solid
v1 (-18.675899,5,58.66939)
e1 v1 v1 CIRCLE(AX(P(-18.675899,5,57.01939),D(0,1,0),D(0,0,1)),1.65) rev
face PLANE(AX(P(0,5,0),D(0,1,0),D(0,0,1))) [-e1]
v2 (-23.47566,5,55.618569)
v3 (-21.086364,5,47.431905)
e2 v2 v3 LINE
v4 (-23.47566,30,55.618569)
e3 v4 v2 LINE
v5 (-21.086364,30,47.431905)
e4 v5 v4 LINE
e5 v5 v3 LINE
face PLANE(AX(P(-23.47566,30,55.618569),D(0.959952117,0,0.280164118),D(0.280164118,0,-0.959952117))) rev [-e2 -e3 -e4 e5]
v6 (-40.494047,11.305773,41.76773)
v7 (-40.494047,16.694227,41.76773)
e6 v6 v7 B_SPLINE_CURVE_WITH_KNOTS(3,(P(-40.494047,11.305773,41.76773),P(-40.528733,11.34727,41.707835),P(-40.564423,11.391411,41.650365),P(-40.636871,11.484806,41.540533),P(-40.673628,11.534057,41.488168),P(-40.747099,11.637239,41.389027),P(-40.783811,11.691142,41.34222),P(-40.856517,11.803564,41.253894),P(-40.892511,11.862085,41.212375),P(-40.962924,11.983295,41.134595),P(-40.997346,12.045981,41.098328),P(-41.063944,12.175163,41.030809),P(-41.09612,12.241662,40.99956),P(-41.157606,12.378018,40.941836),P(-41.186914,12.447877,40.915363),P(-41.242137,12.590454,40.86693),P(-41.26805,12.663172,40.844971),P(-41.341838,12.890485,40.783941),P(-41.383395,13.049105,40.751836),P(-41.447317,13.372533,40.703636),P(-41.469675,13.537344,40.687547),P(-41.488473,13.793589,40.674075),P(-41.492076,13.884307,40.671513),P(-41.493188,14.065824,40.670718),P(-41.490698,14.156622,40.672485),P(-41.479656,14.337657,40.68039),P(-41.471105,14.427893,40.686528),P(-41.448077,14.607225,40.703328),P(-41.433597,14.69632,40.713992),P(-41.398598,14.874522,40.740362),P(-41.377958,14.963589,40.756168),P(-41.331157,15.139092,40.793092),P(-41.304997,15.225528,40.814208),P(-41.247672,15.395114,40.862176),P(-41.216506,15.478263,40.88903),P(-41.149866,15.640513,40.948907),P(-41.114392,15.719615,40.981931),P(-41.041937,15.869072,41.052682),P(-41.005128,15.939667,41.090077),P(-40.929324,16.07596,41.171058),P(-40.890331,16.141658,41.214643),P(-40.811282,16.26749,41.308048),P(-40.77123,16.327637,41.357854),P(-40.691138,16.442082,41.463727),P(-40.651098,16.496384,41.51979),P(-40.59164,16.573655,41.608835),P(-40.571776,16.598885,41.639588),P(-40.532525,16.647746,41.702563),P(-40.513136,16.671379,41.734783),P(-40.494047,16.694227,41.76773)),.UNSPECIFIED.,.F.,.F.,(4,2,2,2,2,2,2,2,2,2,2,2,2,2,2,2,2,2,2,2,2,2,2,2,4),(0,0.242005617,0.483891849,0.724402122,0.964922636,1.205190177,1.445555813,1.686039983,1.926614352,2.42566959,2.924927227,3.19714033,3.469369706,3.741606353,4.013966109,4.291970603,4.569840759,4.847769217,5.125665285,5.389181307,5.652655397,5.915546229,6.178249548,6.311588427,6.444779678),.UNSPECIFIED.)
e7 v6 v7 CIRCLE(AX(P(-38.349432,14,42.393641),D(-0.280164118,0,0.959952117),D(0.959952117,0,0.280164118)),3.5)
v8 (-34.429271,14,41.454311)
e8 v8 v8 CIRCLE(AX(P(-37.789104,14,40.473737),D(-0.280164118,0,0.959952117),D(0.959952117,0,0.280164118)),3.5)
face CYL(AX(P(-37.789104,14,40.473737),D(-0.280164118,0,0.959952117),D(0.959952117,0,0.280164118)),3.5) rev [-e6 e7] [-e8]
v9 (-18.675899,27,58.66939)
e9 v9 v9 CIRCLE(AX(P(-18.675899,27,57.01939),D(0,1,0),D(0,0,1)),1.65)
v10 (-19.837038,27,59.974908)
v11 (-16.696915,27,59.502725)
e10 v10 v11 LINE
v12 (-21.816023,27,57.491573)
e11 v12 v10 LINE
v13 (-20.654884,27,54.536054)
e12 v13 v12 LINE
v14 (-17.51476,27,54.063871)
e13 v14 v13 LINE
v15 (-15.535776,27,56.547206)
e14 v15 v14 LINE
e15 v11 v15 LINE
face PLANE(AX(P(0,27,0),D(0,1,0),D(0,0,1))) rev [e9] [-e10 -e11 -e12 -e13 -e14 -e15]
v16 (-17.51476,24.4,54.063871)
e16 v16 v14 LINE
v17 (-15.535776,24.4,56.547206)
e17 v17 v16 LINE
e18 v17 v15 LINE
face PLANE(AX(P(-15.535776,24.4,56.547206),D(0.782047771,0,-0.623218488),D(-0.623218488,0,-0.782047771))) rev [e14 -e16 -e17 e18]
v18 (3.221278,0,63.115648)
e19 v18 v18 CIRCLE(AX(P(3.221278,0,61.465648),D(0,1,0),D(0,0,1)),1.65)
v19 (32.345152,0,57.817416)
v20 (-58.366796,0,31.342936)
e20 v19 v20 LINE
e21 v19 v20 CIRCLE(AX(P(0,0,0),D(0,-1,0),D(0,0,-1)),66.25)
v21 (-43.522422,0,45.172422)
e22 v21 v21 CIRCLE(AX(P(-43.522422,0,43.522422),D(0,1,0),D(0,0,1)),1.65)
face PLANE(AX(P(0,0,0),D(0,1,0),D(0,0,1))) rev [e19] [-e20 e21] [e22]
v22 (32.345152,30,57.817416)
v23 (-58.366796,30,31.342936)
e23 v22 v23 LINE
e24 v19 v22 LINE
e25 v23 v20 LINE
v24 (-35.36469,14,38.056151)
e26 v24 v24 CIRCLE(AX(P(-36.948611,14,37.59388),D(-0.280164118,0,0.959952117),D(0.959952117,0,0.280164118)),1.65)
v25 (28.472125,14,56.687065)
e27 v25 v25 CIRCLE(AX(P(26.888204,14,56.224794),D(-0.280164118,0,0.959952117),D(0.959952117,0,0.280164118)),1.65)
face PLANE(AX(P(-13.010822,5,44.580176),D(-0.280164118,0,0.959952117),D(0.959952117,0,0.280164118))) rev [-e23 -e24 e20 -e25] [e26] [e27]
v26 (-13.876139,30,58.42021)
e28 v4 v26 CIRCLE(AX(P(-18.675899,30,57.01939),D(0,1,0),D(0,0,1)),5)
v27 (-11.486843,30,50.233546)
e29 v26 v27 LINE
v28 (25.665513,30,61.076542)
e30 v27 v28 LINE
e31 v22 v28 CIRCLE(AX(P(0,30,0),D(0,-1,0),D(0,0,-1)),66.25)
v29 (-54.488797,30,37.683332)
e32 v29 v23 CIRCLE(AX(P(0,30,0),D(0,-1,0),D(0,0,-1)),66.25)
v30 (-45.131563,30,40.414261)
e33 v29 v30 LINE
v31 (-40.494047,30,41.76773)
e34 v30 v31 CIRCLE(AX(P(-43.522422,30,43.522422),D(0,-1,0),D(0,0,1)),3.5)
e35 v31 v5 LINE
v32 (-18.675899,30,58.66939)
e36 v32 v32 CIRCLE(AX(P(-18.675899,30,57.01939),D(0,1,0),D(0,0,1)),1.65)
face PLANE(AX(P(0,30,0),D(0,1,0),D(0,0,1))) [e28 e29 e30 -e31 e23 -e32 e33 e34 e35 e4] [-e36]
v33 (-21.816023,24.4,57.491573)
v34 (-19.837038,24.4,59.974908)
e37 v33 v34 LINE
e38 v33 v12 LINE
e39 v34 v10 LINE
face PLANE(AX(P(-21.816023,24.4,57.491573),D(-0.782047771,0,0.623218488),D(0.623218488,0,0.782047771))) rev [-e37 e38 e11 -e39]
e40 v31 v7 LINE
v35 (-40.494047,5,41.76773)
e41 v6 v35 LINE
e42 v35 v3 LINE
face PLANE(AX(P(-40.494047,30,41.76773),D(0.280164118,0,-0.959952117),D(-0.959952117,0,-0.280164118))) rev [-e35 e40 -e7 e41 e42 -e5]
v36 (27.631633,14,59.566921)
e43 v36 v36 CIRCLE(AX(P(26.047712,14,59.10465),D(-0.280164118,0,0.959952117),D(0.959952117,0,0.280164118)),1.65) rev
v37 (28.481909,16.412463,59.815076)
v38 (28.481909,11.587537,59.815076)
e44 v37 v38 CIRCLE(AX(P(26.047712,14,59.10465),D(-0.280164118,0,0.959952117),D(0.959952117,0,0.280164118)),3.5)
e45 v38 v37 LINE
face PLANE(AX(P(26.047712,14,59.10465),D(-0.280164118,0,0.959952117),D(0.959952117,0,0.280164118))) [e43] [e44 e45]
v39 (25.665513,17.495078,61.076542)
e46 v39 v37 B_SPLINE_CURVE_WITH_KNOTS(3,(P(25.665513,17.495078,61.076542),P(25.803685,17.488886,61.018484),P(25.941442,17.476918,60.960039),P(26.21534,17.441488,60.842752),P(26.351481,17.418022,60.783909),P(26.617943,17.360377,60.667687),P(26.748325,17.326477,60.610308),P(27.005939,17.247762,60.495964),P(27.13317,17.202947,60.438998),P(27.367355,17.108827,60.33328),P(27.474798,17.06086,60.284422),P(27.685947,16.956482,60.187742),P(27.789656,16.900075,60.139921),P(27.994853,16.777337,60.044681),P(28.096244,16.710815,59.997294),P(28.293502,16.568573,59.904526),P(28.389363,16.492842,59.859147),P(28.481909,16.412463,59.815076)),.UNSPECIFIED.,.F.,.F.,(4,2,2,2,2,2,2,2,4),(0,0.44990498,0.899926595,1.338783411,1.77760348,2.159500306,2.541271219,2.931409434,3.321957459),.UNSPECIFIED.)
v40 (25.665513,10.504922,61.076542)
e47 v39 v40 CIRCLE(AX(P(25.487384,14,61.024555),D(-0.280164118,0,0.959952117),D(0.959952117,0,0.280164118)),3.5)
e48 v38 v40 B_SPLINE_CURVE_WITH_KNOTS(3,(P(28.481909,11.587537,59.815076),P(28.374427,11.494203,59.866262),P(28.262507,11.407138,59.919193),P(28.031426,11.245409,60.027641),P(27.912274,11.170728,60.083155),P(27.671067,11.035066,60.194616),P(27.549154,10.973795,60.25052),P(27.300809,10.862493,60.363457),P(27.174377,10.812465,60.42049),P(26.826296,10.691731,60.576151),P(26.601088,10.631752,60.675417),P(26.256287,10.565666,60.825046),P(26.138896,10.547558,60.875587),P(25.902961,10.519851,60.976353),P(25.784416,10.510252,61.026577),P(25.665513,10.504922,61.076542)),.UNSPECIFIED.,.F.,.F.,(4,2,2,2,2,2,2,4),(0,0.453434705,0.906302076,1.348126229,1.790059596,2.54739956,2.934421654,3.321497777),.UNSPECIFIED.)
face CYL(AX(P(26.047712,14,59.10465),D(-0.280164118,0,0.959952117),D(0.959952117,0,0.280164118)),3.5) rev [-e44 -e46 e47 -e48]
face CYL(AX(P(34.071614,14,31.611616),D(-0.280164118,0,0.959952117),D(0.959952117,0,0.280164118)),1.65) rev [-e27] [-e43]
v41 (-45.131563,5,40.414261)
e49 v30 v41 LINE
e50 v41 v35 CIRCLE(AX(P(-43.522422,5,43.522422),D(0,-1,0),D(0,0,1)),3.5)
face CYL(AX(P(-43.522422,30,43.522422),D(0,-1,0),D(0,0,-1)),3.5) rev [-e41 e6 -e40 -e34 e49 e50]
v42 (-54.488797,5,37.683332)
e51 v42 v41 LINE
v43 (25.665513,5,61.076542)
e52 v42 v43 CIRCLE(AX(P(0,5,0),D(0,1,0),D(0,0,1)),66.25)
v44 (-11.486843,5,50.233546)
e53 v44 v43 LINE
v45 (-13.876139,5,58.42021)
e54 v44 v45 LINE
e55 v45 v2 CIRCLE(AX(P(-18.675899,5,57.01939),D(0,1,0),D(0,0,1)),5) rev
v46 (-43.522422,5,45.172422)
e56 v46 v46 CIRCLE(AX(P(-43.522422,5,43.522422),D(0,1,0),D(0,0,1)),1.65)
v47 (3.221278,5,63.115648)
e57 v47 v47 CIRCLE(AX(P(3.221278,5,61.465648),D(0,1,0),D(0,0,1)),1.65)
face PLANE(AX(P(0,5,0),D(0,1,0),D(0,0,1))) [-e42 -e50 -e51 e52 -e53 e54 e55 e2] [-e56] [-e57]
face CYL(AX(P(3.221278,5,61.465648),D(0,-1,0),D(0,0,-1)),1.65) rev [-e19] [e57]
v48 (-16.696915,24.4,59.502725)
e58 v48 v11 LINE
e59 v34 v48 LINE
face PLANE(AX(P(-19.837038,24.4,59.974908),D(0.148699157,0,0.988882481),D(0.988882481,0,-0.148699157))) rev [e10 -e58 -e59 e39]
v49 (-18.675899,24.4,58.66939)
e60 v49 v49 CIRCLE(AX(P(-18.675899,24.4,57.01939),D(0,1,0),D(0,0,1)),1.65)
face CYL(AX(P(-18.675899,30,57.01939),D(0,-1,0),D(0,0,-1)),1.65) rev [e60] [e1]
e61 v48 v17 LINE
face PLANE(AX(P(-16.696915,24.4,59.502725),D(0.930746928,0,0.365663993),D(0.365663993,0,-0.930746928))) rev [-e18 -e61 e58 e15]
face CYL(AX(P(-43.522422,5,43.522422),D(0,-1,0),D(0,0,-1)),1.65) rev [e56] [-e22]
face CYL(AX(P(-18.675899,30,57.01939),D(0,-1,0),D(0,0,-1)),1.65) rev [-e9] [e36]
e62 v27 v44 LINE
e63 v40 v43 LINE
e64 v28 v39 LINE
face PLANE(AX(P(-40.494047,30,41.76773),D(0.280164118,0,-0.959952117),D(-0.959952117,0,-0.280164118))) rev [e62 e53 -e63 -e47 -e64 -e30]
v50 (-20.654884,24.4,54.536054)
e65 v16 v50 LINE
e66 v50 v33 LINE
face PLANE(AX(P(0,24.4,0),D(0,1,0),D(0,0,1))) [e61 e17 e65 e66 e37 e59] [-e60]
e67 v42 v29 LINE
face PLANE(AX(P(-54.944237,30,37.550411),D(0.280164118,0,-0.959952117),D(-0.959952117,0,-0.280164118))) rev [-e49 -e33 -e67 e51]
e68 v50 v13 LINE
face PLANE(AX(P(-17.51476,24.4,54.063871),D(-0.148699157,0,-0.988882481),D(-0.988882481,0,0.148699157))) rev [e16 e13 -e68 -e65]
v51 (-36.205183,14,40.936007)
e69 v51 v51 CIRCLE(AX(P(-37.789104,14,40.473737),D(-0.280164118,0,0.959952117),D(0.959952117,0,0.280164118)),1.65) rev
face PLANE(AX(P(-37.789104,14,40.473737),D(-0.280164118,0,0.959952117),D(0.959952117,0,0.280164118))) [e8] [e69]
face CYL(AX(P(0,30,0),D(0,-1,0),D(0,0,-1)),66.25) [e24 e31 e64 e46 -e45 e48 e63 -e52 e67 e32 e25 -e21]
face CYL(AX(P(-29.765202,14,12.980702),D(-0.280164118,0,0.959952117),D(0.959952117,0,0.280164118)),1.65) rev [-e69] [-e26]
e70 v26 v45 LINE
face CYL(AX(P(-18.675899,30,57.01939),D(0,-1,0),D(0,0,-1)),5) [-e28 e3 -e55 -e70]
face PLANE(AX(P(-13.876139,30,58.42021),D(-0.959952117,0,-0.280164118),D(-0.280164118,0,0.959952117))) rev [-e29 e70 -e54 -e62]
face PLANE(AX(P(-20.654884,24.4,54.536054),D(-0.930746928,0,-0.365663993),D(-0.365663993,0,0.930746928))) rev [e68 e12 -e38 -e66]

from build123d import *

# Parameters (mm, degrees)
SKETCH1_R           = 1.65
BOSS_EXTRUDE1_DEPTH = 5
BOSS_EXTRUDE2_DEPTH = 25
SKETCH3_R           = 1.65
CUT_EXTRUDE1_DEPTH  = 31.640005718
SKETCH4_R           = 3.5
CUT_EXTRUDE2_DEPTH  = 2
SKETCH5_R           = 67.5
SKETCH5_R_2         = 66.25
CUT_EXTRUDE3_DEPTH  = 31.0000001
SKETCH6_R           = 1.65
BOSS_EXTRUDE3_DEPTH = 30
CUT_EXTRUDE4_START  = -3
CUT_EXTRUDE4_DEPTH  = 2.6


with BuildPart() as part:
    # Sketch1 → Boss-Extrude1 (new body)
    with BuildSketch(Plane(origin=(0, 0, 0), x_dir=(1, 0, 0), z_dir=(0, 1, 0))):
        with BuildLine():
            ThreePointArc((-58.769725256, -31.225340563), (-18.644922026, -63.884813396), (32.748082014, -57.935012077))
            Line((32.748082014, -57.935012077), (-58.769725256, -31.225340563))
        make_face()
        with Locations((-43.522422382, -43.522422382)):
            Circle(SKETCH1_R, mode=Mode.SUBTRACT)
        with Locations((3.221278107, -61.465647864)):
            Circle(SKETCH1_R, mode=Mode.SUBTRACT)
    extrude(amount=BOSS_EXTRUDE1_DEPTH)

    # Sketch2 → Boss-Extrude2 (add)
    with BuildSketch(Plane(origin=(0, 5, 0), x_dir=(1, 0, 0), z_dir=(0, 1, 0))):
        with BuildLine():
            Line((-58.769725256, -31.225340563), (32.748082014, -57.935012077))
            ThreePointArc((32.748082014, -57.935012077), (29.480015366, -59.664320946), (26.120952253, -61.20946294))
            Line((26.120952253, -61.20946294), (-40.494047404, -41.767730103))
            ThreePointArc((-40.494047404, -41.767730103), (-42.54184797, -40.162589972), (-45.131562946, -40.414261085))
            Line((-45.131562946, -40.414261085), (-54.944236671, -37.550410872))
            ThreePointArc((-54.944236671, -37.550410872), (-56.94486731, -34.441030575), (-58.769725256, -31.225340563))
        make_face()
    extrude(amount=BOSS_EXTRUDE2_DEPTH)

    # Sketch3 → Cut-Extrude1 (cut, through all)
    with BuildSketch(Plane(origin=(-14.411642209, 0, 49.379936906), x_dir=(0.959952117, 0, 0.280164118), z_dir=(-0.280164118, 0, 0.959952117))):
        with Locations((41.56355859, 14)):
            Circle(SKETCH3_R)
        with Locations((-24.93644141, 14)):
            Circle(SKETCH3_R)
    extrude(amount=-CUT_EXTRUDE1_DEPTH, mode=Mode.SUBTRACT)

    # Sketch4 → Cut-Extrude2 (cut)
    with BuildSketch(Plane(origin=(-14.411642209, 0, 49.379936906), x_dir=(0.959952117, 0, 0.280164118), z_dir=(-0.280164118, 0, 0.959952117))):
        with Locations((41.56355859, 14)):
            Circle(SKETCH4_R)
        with Locations((-24.93644141, 14)):
            Circle(SKETCH4_R)
    extrude(amount=-CUT_EXTRUDE2_DEPTH, mode=Mode.SUBTRACT)

    # Sketch5 → Cut-Extrude3 (cut, through all)
    with BuildSketch(Plane.XZ):
        Circle(SKETCH5_R)
        Circle(SKETCH5_R_2, mode=Mode.SUBTRACT)
    extrude(amount=-CUT_EXTRUDE3_DEPTH, mode=Mode.SUBTRACT)

    # Sketch6 → Boss-Extrude3 (add)
    with BuildSketch(Plane(origin=(0, 0, 0), x_dir=(1, 0, 0), z_dir=(0, 1, 0))):
        with BuildLine():
            Line((-23.475659958, -55.618568944), (-21.086364171, -47.431904754))
            Line((-21.086364171, -47.431904754), (-11.486842999, -50.23354593))
            Line((-11.486842999, -50.23354593), (-13.876138786, -58.42021012))
            ThreePointArc((-13.876138786, -58.42021012), (-20.07671996, -61.819150118), (-23.475659958, -55.618568944))
        make_face()
        with Locations((-18.675899372, -57.019389532)):
            Circle(SKETCH6_R, mode=Mode.SUBTRACT)
    extrude(amount=BOSS_EXTRUDE3_DEPTH)

    # Sketch7 → Cut-Extrude4 (cut)
    with BuildSketch(Plane(origin=(0, 30, 0), x_dir=(1, 0, 0), z_dir=(0, 1, 0)).offset(CUT_EXTRUDE4_START)):
        Polygon((-15.535775757, -56.547206291), (-17.514760247, -54.06387109), (-20.654883862, -54.536054331), (-21.816022987, -57.491572774), (-19.837038497, -59.974907975), (-16.696914882, -59.502724734), align=None)
    extrude(amount=-CUT_EXTRUDE4_DEPTH, mode=Mode.SUBTRACT)


solid = part.part
